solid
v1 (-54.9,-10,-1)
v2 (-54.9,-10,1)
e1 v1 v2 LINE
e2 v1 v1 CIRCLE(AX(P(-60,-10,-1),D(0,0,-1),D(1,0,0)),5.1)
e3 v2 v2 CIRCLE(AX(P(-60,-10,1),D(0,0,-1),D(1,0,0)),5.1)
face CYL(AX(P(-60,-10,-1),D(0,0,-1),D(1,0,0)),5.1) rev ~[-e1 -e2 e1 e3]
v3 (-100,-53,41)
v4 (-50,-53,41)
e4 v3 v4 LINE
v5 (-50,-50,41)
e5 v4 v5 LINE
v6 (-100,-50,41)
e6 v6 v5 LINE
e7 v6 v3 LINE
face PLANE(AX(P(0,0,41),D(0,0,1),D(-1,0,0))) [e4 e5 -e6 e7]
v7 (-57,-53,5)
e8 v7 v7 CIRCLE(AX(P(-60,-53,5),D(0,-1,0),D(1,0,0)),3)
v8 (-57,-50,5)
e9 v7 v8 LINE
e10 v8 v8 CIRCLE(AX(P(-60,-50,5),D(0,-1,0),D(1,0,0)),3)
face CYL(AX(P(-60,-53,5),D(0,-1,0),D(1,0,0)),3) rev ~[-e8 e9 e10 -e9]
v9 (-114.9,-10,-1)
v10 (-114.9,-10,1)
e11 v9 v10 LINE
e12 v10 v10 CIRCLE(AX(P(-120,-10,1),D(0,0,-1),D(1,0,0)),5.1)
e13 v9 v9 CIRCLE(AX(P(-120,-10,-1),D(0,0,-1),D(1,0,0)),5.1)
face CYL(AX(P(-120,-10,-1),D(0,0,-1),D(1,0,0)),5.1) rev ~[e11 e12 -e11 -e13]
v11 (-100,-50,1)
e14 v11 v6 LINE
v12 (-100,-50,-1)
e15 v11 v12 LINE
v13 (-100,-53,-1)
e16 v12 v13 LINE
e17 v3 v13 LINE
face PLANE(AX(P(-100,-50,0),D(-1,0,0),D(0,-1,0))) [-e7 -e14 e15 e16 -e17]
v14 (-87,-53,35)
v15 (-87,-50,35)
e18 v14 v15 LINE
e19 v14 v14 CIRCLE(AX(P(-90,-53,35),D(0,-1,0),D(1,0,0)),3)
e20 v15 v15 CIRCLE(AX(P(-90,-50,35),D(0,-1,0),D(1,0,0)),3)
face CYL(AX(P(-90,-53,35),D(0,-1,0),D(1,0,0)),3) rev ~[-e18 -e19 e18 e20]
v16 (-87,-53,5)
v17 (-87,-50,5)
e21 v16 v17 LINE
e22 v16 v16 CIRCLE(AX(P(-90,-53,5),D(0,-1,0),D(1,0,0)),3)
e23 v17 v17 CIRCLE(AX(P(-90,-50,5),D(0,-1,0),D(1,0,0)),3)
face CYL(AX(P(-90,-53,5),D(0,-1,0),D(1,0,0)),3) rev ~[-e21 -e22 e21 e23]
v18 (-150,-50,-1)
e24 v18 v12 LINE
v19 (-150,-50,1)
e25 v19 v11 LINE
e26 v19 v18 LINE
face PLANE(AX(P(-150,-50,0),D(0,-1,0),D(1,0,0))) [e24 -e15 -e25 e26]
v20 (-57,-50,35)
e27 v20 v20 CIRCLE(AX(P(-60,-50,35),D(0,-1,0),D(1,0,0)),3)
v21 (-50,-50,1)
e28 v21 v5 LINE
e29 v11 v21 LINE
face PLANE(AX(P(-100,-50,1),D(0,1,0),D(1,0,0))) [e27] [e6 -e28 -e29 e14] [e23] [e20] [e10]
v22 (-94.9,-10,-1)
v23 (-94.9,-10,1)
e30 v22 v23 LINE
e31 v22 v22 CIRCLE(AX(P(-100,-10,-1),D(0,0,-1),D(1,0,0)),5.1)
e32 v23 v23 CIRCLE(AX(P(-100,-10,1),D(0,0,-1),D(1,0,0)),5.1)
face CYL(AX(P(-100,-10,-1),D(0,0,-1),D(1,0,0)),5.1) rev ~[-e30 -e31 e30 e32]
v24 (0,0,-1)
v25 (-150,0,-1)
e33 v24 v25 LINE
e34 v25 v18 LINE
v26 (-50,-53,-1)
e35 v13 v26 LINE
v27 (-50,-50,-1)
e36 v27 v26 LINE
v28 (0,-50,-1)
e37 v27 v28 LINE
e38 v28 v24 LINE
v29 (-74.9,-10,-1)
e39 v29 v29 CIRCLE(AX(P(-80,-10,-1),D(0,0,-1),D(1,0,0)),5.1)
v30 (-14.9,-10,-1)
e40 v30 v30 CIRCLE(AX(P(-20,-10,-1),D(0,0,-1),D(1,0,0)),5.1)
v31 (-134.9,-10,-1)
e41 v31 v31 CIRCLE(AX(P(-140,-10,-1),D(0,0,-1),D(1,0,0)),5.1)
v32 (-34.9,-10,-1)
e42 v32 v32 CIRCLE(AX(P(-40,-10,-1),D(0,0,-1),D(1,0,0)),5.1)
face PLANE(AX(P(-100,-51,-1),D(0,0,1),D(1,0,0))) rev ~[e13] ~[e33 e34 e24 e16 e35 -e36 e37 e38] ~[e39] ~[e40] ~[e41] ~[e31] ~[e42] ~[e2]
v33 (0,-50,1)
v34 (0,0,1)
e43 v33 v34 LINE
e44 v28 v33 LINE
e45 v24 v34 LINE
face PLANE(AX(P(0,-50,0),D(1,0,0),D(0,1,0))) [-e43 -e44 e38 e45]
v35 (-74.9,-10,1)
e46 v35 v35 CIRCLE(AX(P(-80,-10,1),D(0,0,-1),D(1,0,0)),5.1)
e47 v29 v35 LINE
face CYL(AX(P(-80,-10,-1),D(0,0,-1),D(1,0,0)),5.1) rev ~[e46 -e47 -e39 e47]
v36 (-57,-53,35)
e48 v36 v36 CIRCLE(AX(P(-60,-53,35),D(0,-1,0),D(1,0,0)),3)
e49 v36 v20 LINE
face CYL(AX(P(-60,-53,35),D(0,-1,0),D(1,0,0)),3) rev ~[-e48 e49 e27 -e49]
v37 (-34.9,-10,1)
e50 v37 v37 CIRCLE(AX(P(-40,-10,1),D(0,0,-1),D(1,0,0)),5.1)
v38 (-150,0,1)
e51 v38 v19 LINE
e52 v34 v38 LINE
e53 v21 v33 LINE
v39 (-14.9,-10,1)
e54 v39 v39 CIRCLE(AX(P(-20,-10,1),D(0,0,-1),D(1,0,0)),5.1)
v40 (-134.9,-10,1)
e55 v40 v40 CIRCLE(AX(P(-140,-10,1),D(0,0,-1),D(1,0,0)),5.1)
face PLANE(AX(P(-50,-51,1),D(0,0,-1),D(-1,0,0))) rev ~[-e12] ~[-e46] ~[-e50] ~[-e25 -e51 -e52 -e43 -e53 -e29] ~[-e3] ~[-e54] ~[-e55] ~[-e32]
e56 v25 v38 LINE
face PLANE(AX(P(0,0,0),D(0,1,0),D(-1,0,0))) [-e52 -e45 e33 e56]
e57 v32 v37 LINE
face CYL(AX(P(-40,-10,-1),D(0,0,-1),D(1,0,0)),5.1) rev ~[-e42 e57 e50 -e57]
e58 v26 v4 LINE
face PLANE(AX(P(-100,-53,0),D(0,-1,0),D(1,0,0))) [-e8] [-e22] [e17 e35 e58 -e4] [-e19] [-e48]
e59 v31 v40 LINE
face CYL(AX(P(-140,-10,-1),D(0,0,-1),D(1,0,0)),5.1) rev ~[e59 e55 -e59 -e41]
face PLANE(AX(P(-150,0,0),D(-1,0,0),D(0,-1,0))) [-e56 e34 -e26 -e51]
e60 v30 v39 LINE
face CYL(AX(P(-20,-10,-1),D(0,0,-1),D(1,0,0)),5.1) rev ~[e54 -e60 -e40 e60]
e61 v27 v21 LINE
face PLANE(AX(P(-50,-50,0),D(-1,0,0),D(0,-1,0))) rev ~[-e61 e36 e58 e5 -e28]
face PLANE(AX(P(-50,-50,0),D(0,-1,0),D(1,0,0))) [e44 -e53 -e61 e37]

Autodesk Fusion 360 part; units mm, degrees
sketch "Sketch1" plane through (0, 0, 0) normal (0, 0, 1) x (1, 0, 0)
  line L0 (0, 0) -> (-150, 0)
  line L1 (-150, 0) -> (-150, -50)
  line L2 (-150, -50) -> (0, -50)
  line L3 (0, -50) -> (0, 0)
  dimension "d1" = 150
extrude "Extrude1" add sketch "Sketch1" along normal blind 1
sketch "Sketch2" plane through (0, -50, 0) normal (0, -1, 0) x (1, 0, 0)
  line L0 (-150, 0) -> (0, 0)
  line L1 (0, 0) -> (0, 1)
  line L2 (0, 1) -> (-150, 1)
  line L3 (-150, 1) -> (-150, 0)
  line L4 (-100, 0) -> (-50, 0)
  line L5 (-50, 0) -> (-50, 1)
  line L6 (-50, 1) -> (-100, 1)
  line L7 (-100, 1) -> (-100, 0)
  dimension "d4" = 50
extrude "Extrude2" add sketch "Sketch2" along normal blind 1 contours L0 L2 L4 L5 L6 L7
extrude "Extrude3" add 1 faces at (-83.3333, -51, 0.6667) along direction (0, -1, 0) blind 2
sketch "Sketch3" plane through (0, 0, 1) normal (0, 0, 1) x (-1, 0, 0)
  line L0 (0, 50) -> (0, 0)
  line L1 (0, 0) -> (150, 0)
  line L2 (150, 0) -> (150, 50)
  line L3 (150, 50) -> (100, 50)
  line L4 (100, 50) -> (100, 53)
  line L5 (100, 53) -> (50, 53)
  line L6 (50, 53) -> (50, 50)
  line L7 (50, 50) -> (0, 50)
  line L8 (100, 50) -> (50, 50)
  line L9 (50, 50) -> (50, 53)
  line L10 (50, 53) -> (100, 53)
  line L11 (100, 53) -> (100, 50)
extrude "Extrude4" add sketch "Sketch3" along normal blind 40 contours L4 L5 L6 L8 L9 L10 L11
extrude "Extrude5" add 1 faces at (-83.3333, -16.6667, 0) along direction (0, 0, -1) blind 1
sketch "Sketch4" plane through (0, -53, 0) normal (0, -1, 0) x (1, 0, 0)
  line L0 (-100, 41) -> (-100, -1)
  line L1 (-100, -1) -> (-50, -1)
  line L2 (-50, -1) -> (-50, 41)
  line L3 (-50, 41) -> (-100, 41)
  circle A0 centre (-60, 35) radius 3
  circle A1 centre (-60, 5) radius 3
  dimension "d13" = 6
  dimension "d14" = 6
sketch "Sketch5" plane through (0, -53, 0) normal (0, -1, 0) x (1, 0, 0)
  circle A0 centre (-90, 35) radius 3
  circle A1 centre (-90, 5) radius 3
  dimension "d15" = 6
  dimension "d16" = 6
extrude "Extrude6" cut sketch "Sketch4" sketch "Sketch5" against normal blind 15 contours A0 | A1 of sketch 2
sketch "Sketch6" plane through (0, 0, -1) normal (0, 0, -1) x (1, 0, 0)
  line L0 (0, 0) -> (0, 50)
  line L1 (0, 50) -> (-50, 50)
  line L2 (-50, 50) -> (-50, 53)
  line L3 (-50, 53) -> (-100, 53)
  line L4 (-100, 53) -> (-100, 50)
  line L5 (-100, 50) -> (-150, 50)
  line L6 (-150, 50) -> (-150, 0)
  line L7 (-150, 0) -> (0, 0)
  circle A0 centre (-140, 10) radius 5.1
  circle A1 centre (-120, 10) radius 5.1
  circle A2 centre (-100, 10) radius 5.1
  circle A3 centre (-80, 10) radius 5.1
  circle A4 centre (-60, 10) radius 5.1
  circle A5 centre (-40, 10) radius 5.1
  circle A6 centre (-20, 10) radius 5.1
  dimension "d19" = 10.2
  dimension "d20" = 10.2
  dimension "d21" = 10.2
  dimension "d22" = 10.2
  dimension "d23" = 10.2
  dimension "d24" = 10.2
  dimension "d25" = 10.2
extrude "Extrude7" cut sketch "Sketch6" against normal blind 10 contours A0 | A1 | A2 | A3 | A4 | A5 | A6
